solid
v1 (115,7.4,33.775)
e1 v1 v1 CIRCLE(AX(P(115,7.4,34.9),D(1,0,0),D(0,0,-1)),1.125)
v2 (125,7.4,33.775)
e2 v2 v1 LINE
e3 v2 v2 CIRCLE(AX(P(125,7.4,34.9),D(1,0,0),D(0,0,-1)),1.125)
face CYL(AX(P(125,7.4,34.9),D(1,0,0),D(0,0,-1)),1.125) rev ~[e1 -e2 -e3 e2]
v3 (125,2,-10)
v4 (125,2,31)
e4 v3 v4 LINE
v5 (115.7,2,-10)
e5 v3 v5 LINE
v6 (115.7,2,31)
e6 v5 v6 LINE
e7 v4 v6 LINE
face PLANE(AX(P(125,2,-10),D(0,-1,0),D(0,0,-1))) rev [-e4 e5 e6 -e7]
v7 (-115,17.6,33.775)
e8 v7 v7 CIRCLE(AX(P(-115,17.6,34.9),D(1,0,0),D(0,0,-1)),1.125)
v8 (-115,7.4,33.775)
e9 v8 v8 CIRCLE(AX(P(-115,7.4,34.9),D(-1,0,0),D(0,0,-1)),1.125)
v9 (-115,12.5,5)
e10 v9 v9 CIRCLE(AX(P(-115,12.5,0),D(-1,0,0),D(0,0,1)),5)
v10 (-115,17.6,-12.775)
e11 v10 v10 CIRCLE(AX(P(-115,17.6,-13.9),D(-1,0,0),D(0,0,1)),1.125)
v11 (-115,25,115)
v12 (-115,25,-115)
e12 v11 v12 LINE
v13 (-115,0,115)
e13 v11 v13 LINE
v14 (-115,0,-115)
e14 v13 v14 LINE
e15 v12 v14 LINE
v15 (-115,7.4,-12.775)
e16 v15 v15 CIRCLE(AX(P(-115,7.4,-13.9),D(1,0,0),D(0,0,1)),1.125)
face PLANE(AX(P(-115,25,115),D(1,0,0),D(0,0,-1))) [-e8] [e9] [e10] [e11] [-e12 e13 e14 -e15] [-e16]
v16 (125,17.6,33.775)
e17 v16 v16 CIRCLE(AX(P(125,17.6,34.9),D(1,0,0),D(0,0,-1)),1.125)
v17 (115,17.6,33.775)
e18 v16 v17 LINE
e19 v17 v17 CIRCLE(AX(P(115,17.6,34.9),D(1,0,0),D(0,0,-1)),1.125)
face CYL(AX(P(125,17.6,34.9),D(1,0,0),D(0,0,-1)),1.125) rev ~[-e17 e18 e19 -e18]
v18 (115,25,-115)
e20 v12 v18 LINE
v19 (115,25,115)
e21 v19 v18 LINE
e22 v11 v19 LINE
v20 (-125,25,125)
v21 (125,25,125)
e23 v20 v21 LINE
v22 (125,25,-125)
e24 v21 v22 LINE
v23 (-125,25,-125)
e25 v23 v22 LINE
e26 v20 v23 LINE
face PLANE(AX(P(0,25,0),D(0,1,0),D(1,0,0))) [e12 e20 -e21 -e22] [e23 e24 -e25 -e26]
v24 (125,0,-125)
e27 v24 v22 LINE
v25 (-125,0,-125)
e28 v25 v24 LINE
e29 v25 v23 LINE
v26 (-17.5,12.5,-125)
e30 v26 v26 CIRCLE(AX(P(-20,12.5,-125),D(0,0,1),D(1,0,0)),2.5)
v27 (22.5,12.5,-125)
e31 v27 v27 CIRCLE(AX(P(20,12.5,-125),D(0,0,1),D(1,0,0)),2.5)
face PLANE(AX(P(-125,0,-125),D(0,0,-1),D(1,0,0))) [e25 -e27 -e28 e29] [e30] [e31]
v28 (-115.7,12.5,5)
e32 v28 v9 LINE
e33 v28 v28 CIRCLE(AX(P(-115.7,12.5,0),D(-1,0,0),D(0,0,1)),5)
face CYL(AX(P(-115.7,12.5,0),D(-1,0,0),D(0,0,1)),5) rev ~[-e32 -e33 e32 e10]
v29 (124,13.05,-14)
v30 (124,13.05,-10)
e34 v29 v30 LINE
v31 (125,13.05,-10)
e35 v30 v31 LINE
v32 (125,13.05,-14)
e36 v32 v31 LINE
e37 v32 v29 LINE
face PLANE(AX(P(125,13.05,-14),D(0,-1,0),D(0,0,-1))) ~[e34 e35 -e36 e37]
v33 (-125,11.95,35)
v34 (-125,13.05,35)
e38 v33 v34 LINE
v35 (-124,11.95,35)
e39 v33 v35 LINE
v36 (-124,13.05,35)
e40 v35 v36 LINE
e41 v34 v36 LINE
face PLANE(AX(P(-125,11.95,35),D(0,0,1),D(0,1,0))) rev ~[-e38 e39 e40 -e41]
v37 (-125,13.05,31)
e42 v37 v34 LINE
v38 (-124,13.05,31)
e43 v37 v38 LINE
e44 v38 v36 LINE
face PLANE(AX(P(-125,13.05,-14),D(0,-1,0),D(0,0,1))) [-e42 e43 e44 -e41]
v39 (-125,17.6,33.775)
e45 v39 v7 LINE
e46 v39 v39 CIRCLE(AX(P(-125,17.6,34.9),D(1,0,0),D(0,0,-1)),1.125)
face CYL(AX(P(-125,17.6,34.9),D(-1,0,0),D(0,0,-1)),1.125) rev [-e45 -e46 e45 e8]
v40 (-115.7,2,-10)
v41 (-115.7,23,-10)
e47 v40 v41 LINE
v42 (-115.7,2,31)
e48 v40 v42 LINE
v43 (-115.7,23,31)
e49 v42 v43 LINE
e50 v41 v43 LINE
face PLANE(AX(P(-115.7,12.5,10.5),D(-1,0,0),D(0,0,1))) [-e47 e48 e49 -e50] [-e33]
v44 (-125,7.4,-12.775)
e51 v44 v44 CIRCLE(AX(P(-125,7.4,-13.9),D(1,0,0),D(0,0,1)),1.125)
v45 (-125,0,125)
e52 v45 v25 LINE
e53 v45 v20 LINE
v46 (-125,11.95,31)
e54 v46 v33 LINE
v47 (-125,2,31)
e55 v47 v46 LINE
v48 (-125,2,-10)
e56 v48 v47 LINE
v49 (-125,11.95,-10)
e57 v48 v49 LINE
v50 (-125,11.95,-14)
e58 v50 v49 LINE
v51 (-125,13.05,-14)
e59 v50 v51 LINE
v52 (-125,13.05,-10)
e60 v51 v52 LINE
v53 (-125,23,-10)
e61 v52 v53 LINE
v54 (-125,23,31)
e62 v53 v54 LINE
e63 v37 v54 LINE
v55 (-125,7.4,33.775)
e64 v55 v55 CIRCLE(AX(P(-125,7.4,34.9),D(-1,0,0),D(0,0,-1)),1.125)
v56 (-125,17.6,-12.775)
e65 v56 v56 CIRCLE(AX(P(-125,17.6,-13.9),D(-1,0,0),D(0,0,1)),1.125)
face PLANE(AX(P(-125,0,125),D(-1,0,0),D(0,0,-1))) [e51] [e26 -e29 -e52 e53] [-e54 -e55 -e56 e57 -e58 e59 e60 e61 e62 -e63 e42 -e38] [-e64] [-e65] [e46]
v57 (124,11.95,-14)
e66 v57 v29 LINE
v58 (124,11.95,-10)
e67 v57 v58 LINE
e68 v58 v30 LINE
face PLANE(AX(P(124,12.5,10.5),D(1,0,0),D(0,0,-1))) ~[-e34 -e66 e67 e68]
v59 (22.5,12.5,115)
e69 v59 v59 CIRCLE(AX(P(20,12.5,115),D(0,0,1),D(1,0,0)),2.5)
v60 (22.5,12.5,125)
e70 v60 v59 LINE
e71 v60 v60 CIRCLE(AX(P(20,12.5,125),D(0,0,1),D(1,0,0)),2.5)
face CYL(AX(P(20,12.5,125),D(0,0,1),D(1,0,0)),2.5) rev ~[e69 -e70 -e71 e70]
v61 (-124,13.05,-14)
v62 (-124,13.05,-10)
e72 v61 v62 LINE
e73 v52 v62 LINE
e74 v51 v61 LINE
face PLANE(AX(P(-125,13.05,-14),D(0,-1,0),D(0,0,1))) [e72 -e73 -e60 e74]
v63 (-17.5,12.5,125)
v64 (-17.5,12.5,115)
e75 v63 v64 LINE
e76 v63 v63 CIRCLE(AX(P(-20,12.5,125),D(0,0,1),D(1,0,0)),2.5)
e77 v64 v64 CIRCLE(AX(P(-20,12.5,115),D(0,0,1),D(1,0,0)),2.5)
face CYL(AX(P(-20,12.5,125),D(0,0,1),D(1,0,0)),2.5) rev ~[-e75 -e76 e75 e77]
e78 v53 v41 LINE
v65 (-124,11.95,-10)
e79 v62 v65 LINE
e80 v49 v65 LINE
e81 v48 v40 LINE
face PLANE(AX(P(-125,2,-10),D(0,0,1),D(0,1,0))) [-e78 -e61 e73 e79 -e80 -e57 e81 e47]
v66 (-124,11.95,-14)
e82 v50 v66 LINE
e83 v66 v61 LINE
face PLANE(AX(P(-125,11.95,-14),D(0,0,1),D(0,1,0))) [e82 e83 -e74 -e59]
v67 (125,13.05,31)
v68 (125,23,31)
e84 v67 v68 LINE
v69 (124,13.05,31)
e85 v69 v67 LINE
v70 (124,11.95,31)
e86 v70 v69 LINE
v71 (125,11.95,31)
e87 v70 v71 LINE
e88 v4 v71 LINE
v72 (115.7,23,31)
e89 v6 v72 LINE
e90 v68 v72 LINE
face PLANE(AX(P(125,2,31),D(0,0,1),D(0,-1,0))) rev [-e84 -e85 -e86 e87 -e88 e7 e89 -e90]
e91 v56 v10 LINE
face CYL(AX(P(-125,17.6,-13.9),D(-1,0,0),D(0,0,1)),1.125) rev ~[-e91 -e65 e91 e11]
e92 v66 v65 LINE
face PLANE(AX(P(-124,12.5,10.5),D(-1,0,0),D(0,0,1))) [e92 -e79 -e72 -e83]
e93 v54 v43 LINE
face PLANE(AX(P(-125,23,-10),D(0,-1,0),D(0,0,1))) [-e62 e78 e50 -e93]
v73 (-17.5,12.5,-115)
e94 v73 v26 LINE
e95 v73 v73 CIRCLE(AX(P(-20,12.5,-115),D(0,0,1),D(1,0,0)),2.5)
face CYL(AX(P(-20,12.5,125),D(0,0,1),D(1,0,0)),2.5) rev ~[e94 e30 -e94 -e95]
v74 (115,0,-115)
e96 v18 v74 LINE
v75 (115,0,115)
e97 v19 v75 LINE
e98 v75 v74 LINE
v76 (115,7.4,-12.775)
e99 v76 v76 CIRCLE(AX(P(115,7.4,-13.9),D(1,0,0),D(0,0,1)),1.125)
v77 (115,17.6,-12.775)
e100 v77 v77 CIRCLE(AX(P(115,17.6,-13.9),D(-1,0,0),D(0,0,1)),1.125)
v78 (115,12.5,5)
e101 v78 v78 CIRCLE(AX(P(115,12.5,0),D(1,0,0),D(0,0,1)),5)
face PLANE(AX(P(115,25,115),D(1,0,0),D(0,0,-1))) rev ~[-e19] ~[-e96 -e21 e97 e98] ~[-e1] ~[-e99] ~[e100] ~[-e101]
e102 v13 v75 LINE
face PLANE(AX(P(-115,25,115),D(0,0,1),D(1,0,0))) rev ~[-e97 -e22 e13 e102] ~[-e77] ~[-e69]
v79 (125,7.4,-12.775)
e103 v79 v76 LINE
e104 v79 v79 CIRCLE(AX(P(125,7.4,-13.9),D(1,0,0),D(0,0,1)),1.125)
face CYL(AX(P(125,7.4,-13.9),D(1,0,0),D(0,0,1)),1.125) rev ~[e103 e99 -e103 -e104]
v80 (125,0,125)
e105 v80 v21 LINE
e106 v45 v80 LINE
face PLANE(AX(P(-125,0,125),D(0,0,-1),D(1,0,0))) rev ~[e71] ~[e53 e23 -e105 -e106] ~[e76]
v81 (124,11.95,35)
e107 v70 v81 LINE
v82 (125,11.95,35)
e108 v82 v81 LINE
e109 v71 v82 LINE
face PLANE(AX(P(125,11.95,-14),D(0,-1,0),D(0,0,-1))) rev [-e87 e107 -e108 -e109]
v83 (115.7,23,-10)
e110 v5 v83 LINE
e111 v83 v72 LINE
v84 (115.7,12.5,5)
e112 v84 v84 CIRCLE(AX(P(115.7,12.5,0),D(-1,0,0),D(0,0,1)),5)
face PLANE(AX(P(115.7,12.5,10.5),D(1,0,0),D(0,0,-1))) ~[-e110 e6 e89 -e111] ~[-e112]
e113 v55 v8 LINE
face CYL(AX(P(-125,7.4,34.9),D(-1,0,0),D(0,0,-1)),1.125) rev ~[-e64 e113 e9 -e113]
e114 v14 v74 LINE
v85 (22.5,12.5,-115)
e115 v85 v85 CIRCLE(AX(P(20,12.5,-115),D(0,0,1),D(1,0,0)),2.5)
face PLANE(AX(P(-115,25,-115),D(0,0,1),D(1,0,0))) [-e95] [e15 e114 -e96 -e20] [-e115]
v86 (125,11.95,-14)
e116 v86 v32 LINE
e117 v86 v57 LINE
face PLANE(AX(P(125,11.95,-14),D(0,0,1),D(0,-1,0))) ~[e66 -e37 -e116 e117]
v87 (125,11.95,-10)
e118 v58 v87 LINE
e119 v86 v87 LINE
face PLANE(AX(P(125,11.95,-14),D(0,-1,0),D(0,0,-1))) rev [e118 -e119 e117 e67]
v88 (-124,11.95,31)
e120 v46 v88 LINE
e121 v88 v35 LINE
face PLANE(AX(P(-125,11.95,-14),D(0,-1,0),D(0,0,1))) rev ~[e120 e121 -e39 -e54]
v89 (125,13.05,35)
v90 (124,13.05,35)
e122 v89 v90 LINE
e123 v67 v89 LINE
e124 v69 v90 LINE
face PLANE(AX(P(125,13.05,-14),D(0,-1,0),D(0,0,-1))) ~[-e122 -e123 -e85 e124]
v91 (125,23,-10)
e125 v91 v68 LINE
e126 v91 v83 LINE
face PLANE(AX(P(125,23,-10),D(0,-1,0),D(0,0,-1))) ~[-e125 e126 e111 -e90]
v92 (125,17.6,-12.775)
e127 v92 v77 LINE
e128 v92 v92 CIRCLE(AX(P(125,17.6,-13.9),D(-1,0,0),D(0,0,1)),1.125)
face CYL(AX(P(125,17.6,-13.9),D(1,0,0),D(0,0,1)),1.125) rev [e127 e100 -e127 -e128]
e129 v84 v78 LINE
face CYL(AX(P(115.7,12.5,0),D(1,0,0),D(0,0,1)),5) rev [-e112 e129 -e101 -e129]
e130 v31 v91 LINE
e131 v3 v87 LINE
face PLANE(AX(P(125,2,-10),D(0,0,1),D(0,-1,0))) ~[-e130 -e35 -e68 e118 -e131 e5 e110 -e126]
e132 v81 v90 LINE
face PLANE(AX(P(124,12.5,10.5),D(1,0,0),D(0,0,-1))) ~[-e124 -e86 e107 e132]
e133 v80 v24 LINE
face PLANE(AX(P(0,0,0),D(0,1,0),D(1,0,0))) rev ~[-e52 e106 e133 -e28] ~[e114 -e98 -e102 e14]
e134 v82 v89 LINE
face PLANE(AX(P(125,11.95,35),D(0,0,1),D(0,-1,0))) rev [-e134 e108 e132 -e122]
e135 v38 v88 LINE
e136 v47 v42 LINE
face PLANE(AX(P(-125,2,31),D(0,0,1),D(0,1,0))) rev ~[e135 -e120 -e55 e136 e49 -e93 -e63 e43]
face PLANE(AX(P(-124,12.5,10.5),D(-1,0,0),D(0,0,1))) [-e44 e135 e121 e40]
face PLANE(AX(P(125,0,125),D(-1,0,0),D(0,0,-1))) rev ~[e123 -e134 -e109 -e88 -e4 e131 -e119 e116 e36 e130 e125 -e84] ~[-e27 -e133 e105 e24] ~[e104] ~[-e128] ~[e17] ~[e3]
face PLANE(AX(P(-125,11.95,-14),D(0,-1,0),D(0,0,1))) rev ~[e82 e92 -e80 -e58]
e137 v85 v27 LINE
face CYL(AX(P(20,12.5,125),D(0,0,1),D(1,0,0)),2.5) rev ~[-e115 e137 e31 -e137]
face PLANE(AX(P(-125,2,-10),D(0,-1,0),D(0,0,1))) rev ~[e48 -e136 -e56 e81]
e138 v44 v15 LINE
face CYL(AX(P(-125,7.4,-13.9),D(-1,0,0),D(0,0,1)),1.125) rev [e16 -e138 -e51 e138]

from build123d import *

# Parameters (mm, degrees)
SKETCH1_W                                  = 250
SKETCH1_H                                  = 250
BOSS_EXTRUDE1_DEPTH                        = 25
SKETCH2_W                                  = 230
SKETCH2_H                                  = 230
CUT_EXTRUDE1_DEPTH                         = 25
SKETCH19_W                                 = 41
SKETCH19_H                                 = 21
CUT_EXTRUDE10_DEPTH                        = 9.3
SKETCH20_R                                 = 5
CUT_EXTRUDE11_DEPTH                        = 9.3
SKETCH23_W                                 = 49
SKETCH23_H                                 = 1.1
CUT_EXTRUDE14_DEPTH                        = 1
SKETCH21_R                                 = 1.125
CUT_EXTRUDE12_DEPTH                        = 10
MIRROR1_AT_THE_SECOND_PLANE_COPY_1_SKETC_R = 1.125
MIRROR1_AT_THE_SECOND_PLANE_COPY_1_DEPTH   = 10
MIRROR2_COPY_1_SKETCH_R                    = 1.125
MIRROR2_COPY_1_DEPTH                       = 10
MIRROR2_COPY_2_SKETCH_R                    = 1.125
MIRROR2_COPY_2_DEPTH                       = 10
MIRROR2_COPY_3_SKETCH_R                    = 1.125
MIRROR2_COPY_3_DEPTH                       = 10
SKETCH22_R                                 = 2.5
CUT_EXTRUDE13_DEPTH                        = 281.624304008


with BuildPart() as part:
    # Sketch1 → Boss-Extrude1 (new body)
    with BuildSketch(Plane(origin=(0, 0, 0), x_dir=(1, 0, 0), z_dir=(0, 1, 0))):
        Rectangle(SKETCH1_W, SKETCH1_H)
    extrude(amount=BOSS_EXTRUDE1_DEPTH)

    # Sketch2 → Cut-Extrude1 (cut)
    with BuildSketch(Plane(origin=(0, 25, 0), x_dir=(1, 0, 0), z_dir=(0, 1, 0))):
        Rectangle(SKETCH2_W, SKETCH2_H)
    extrude(amount=-CUT_EXTRUDE1_DEPTH, mode=Mode.SUBTRACT)

    # Sketch19 → Cut-Extrude10 (cut)
    with BuildSketch(Plane.ZY.offset(125)):
        with Locations((10.5, 12.5)):
            Rectangle(SKETCH19_W, SKETCH19_H)
    cut_extrude10 = extrude(amount=-CUT_EXTRUDE10_DEPTH, mode=Mode.SUBTRACT)

    # Sketch20 → Cut-Extrude11 (cut)
    with BuildSketch(Plane.ZY.offset(115.7)):
        with Locations((0, 12.5)):
            Circle(SKETCH20_R)
    cut_extrude11 = extrude(amount=-CUT_EXTRUDE11_DEPTH, mode=Mode.SUBTRACT)

    # Sketch23 → Cut-Extrude14 (cut)
    with BuildSketch(Plane.ZY.offset(125)):
        with Locations((10.5, 12.5)):
            Rectangle(SKETCH23_W, SKETCH23_H)
    cut_extrude14 = extrude(amount=-CUT_EXTRUDE14_DEPTH, mode=Mode.SUBTRACT)

    # Sketch21 → Cut-Extrude12 (cut)
    with BuildSketch(Plane.ZY.offset(125)):
        with Locations((-13.9, 17.6)):
            Circle(SKETCH21_R)
    cut_extrude12 = extrude(amount=-CUT_EXTRUDE12_DEPTH, mode=Mode.SUBTRACT)

    # Mirror1: Cut-Extrude12 across plane
    add(cut_extrude12.mirror(Plane.XY.offset(10.5)), mode=Mode.SUBTRACT)

    # Mirror1 at the second plane: Cut-Extrude12 across plane
    add(cut_extrude12.mirror(Plane.ZX.offset(12.5)), mode=Mode.SUBTRACT)

    # Mirror1 at the second plane copy 1 sketc → Mirror1 at the second plane copy 1 (cut)
    with BuildSketch(Plane(origin=(-125, 25, 21), x_dir=(0, 0, -1), z_dir=(-1, 0, 0))):
        with Locations((-13.9, 17.6)):
            Circle(MIRROR1_AT_THE_SECOND_PLANE_COPY_1_SKETC_R)
    extrude(amount=-MIRROR1_AT_THE_SECOND_PLANE_COPY_1_DEPTH, mode=Mode.SUBTRACT)

    # Mirror2: Cut-Extrude10, Cut-Extrude11, Cut-Extrude14, Cut-Extrude12 across plane
    add(cut_extrude10.mirror(Plane.ZY), mode=Mode.SUBTRACT)
    add(cut_extrude11.mirror(Plane.ZY), mode=Mode.SUBTRACT)
    add(cut_extrude14.mirror(Plane.ZY), mode=Mode.SUBTRACT)
    add(cut_extrude12.mirror(Plane.ZY), mode=Mode.SUBTRACT)

    # Mirror2 copy 1 sketch → Mirror2 copy 1 (cut)
    with BuildSketch(Plane(origin=(125, 0, 21), x_dir=(0, 0, -1), z_dir=(1, 0, 0))):
        with Locations((-13.9, 17.6)):
            Circle(MIRROR2_COPY_1_SKETCH_R)
    extrude(amount=-MIRROR2_COPY_1_DEPTH, mode=Mode.SUBTRACT)

    # Mirror2 copy 2 sketch → Mirror2 copy 2 (cut)
    with BuildSketch(Plane(origin=(125, 25, 0), x_dir=(0, 0, 1), z_dir=(1, 0, 0))):
        with Locations((-13.9, 17.6)):
            Circle(MIRROR2_COPY_2_SKETCH_R)
    extrude(amount=-MIRROR2_COPY_2_DEPTH, mode=Mode.SUBTRACT)

    # Mirror2 copy 3 sketch → Mirror2 copy 3 (cut)
    with BuildSketch(Plane(origin=(125, 25, 21), x_dir=(0, 0, -1), z_dir=(1, 0, 0))):
        with Locations((-13.9, -17.6)):
            Circle(MIRROR2_COPY_3_SKETCH_R)
    extrude(amount=-MIRROR2_COPY_3_DEPTH, mode=Mode.SUBTRACT)

    # Sketch22 → Cut-Extrude13 (cut, through all)
    with BuildSketch(Plane.XY.offset(125)):
        with Locations((-20, 12.5)):
            Circle(SKETCH22_R)
        with Locations((20, 12.5)):
            Circle(SKETCH22_R)
    extrude(amount=-CUT_EXTRUDE13_DEPTH, mode=Mode.SUBTRACT)


solid = part.part
